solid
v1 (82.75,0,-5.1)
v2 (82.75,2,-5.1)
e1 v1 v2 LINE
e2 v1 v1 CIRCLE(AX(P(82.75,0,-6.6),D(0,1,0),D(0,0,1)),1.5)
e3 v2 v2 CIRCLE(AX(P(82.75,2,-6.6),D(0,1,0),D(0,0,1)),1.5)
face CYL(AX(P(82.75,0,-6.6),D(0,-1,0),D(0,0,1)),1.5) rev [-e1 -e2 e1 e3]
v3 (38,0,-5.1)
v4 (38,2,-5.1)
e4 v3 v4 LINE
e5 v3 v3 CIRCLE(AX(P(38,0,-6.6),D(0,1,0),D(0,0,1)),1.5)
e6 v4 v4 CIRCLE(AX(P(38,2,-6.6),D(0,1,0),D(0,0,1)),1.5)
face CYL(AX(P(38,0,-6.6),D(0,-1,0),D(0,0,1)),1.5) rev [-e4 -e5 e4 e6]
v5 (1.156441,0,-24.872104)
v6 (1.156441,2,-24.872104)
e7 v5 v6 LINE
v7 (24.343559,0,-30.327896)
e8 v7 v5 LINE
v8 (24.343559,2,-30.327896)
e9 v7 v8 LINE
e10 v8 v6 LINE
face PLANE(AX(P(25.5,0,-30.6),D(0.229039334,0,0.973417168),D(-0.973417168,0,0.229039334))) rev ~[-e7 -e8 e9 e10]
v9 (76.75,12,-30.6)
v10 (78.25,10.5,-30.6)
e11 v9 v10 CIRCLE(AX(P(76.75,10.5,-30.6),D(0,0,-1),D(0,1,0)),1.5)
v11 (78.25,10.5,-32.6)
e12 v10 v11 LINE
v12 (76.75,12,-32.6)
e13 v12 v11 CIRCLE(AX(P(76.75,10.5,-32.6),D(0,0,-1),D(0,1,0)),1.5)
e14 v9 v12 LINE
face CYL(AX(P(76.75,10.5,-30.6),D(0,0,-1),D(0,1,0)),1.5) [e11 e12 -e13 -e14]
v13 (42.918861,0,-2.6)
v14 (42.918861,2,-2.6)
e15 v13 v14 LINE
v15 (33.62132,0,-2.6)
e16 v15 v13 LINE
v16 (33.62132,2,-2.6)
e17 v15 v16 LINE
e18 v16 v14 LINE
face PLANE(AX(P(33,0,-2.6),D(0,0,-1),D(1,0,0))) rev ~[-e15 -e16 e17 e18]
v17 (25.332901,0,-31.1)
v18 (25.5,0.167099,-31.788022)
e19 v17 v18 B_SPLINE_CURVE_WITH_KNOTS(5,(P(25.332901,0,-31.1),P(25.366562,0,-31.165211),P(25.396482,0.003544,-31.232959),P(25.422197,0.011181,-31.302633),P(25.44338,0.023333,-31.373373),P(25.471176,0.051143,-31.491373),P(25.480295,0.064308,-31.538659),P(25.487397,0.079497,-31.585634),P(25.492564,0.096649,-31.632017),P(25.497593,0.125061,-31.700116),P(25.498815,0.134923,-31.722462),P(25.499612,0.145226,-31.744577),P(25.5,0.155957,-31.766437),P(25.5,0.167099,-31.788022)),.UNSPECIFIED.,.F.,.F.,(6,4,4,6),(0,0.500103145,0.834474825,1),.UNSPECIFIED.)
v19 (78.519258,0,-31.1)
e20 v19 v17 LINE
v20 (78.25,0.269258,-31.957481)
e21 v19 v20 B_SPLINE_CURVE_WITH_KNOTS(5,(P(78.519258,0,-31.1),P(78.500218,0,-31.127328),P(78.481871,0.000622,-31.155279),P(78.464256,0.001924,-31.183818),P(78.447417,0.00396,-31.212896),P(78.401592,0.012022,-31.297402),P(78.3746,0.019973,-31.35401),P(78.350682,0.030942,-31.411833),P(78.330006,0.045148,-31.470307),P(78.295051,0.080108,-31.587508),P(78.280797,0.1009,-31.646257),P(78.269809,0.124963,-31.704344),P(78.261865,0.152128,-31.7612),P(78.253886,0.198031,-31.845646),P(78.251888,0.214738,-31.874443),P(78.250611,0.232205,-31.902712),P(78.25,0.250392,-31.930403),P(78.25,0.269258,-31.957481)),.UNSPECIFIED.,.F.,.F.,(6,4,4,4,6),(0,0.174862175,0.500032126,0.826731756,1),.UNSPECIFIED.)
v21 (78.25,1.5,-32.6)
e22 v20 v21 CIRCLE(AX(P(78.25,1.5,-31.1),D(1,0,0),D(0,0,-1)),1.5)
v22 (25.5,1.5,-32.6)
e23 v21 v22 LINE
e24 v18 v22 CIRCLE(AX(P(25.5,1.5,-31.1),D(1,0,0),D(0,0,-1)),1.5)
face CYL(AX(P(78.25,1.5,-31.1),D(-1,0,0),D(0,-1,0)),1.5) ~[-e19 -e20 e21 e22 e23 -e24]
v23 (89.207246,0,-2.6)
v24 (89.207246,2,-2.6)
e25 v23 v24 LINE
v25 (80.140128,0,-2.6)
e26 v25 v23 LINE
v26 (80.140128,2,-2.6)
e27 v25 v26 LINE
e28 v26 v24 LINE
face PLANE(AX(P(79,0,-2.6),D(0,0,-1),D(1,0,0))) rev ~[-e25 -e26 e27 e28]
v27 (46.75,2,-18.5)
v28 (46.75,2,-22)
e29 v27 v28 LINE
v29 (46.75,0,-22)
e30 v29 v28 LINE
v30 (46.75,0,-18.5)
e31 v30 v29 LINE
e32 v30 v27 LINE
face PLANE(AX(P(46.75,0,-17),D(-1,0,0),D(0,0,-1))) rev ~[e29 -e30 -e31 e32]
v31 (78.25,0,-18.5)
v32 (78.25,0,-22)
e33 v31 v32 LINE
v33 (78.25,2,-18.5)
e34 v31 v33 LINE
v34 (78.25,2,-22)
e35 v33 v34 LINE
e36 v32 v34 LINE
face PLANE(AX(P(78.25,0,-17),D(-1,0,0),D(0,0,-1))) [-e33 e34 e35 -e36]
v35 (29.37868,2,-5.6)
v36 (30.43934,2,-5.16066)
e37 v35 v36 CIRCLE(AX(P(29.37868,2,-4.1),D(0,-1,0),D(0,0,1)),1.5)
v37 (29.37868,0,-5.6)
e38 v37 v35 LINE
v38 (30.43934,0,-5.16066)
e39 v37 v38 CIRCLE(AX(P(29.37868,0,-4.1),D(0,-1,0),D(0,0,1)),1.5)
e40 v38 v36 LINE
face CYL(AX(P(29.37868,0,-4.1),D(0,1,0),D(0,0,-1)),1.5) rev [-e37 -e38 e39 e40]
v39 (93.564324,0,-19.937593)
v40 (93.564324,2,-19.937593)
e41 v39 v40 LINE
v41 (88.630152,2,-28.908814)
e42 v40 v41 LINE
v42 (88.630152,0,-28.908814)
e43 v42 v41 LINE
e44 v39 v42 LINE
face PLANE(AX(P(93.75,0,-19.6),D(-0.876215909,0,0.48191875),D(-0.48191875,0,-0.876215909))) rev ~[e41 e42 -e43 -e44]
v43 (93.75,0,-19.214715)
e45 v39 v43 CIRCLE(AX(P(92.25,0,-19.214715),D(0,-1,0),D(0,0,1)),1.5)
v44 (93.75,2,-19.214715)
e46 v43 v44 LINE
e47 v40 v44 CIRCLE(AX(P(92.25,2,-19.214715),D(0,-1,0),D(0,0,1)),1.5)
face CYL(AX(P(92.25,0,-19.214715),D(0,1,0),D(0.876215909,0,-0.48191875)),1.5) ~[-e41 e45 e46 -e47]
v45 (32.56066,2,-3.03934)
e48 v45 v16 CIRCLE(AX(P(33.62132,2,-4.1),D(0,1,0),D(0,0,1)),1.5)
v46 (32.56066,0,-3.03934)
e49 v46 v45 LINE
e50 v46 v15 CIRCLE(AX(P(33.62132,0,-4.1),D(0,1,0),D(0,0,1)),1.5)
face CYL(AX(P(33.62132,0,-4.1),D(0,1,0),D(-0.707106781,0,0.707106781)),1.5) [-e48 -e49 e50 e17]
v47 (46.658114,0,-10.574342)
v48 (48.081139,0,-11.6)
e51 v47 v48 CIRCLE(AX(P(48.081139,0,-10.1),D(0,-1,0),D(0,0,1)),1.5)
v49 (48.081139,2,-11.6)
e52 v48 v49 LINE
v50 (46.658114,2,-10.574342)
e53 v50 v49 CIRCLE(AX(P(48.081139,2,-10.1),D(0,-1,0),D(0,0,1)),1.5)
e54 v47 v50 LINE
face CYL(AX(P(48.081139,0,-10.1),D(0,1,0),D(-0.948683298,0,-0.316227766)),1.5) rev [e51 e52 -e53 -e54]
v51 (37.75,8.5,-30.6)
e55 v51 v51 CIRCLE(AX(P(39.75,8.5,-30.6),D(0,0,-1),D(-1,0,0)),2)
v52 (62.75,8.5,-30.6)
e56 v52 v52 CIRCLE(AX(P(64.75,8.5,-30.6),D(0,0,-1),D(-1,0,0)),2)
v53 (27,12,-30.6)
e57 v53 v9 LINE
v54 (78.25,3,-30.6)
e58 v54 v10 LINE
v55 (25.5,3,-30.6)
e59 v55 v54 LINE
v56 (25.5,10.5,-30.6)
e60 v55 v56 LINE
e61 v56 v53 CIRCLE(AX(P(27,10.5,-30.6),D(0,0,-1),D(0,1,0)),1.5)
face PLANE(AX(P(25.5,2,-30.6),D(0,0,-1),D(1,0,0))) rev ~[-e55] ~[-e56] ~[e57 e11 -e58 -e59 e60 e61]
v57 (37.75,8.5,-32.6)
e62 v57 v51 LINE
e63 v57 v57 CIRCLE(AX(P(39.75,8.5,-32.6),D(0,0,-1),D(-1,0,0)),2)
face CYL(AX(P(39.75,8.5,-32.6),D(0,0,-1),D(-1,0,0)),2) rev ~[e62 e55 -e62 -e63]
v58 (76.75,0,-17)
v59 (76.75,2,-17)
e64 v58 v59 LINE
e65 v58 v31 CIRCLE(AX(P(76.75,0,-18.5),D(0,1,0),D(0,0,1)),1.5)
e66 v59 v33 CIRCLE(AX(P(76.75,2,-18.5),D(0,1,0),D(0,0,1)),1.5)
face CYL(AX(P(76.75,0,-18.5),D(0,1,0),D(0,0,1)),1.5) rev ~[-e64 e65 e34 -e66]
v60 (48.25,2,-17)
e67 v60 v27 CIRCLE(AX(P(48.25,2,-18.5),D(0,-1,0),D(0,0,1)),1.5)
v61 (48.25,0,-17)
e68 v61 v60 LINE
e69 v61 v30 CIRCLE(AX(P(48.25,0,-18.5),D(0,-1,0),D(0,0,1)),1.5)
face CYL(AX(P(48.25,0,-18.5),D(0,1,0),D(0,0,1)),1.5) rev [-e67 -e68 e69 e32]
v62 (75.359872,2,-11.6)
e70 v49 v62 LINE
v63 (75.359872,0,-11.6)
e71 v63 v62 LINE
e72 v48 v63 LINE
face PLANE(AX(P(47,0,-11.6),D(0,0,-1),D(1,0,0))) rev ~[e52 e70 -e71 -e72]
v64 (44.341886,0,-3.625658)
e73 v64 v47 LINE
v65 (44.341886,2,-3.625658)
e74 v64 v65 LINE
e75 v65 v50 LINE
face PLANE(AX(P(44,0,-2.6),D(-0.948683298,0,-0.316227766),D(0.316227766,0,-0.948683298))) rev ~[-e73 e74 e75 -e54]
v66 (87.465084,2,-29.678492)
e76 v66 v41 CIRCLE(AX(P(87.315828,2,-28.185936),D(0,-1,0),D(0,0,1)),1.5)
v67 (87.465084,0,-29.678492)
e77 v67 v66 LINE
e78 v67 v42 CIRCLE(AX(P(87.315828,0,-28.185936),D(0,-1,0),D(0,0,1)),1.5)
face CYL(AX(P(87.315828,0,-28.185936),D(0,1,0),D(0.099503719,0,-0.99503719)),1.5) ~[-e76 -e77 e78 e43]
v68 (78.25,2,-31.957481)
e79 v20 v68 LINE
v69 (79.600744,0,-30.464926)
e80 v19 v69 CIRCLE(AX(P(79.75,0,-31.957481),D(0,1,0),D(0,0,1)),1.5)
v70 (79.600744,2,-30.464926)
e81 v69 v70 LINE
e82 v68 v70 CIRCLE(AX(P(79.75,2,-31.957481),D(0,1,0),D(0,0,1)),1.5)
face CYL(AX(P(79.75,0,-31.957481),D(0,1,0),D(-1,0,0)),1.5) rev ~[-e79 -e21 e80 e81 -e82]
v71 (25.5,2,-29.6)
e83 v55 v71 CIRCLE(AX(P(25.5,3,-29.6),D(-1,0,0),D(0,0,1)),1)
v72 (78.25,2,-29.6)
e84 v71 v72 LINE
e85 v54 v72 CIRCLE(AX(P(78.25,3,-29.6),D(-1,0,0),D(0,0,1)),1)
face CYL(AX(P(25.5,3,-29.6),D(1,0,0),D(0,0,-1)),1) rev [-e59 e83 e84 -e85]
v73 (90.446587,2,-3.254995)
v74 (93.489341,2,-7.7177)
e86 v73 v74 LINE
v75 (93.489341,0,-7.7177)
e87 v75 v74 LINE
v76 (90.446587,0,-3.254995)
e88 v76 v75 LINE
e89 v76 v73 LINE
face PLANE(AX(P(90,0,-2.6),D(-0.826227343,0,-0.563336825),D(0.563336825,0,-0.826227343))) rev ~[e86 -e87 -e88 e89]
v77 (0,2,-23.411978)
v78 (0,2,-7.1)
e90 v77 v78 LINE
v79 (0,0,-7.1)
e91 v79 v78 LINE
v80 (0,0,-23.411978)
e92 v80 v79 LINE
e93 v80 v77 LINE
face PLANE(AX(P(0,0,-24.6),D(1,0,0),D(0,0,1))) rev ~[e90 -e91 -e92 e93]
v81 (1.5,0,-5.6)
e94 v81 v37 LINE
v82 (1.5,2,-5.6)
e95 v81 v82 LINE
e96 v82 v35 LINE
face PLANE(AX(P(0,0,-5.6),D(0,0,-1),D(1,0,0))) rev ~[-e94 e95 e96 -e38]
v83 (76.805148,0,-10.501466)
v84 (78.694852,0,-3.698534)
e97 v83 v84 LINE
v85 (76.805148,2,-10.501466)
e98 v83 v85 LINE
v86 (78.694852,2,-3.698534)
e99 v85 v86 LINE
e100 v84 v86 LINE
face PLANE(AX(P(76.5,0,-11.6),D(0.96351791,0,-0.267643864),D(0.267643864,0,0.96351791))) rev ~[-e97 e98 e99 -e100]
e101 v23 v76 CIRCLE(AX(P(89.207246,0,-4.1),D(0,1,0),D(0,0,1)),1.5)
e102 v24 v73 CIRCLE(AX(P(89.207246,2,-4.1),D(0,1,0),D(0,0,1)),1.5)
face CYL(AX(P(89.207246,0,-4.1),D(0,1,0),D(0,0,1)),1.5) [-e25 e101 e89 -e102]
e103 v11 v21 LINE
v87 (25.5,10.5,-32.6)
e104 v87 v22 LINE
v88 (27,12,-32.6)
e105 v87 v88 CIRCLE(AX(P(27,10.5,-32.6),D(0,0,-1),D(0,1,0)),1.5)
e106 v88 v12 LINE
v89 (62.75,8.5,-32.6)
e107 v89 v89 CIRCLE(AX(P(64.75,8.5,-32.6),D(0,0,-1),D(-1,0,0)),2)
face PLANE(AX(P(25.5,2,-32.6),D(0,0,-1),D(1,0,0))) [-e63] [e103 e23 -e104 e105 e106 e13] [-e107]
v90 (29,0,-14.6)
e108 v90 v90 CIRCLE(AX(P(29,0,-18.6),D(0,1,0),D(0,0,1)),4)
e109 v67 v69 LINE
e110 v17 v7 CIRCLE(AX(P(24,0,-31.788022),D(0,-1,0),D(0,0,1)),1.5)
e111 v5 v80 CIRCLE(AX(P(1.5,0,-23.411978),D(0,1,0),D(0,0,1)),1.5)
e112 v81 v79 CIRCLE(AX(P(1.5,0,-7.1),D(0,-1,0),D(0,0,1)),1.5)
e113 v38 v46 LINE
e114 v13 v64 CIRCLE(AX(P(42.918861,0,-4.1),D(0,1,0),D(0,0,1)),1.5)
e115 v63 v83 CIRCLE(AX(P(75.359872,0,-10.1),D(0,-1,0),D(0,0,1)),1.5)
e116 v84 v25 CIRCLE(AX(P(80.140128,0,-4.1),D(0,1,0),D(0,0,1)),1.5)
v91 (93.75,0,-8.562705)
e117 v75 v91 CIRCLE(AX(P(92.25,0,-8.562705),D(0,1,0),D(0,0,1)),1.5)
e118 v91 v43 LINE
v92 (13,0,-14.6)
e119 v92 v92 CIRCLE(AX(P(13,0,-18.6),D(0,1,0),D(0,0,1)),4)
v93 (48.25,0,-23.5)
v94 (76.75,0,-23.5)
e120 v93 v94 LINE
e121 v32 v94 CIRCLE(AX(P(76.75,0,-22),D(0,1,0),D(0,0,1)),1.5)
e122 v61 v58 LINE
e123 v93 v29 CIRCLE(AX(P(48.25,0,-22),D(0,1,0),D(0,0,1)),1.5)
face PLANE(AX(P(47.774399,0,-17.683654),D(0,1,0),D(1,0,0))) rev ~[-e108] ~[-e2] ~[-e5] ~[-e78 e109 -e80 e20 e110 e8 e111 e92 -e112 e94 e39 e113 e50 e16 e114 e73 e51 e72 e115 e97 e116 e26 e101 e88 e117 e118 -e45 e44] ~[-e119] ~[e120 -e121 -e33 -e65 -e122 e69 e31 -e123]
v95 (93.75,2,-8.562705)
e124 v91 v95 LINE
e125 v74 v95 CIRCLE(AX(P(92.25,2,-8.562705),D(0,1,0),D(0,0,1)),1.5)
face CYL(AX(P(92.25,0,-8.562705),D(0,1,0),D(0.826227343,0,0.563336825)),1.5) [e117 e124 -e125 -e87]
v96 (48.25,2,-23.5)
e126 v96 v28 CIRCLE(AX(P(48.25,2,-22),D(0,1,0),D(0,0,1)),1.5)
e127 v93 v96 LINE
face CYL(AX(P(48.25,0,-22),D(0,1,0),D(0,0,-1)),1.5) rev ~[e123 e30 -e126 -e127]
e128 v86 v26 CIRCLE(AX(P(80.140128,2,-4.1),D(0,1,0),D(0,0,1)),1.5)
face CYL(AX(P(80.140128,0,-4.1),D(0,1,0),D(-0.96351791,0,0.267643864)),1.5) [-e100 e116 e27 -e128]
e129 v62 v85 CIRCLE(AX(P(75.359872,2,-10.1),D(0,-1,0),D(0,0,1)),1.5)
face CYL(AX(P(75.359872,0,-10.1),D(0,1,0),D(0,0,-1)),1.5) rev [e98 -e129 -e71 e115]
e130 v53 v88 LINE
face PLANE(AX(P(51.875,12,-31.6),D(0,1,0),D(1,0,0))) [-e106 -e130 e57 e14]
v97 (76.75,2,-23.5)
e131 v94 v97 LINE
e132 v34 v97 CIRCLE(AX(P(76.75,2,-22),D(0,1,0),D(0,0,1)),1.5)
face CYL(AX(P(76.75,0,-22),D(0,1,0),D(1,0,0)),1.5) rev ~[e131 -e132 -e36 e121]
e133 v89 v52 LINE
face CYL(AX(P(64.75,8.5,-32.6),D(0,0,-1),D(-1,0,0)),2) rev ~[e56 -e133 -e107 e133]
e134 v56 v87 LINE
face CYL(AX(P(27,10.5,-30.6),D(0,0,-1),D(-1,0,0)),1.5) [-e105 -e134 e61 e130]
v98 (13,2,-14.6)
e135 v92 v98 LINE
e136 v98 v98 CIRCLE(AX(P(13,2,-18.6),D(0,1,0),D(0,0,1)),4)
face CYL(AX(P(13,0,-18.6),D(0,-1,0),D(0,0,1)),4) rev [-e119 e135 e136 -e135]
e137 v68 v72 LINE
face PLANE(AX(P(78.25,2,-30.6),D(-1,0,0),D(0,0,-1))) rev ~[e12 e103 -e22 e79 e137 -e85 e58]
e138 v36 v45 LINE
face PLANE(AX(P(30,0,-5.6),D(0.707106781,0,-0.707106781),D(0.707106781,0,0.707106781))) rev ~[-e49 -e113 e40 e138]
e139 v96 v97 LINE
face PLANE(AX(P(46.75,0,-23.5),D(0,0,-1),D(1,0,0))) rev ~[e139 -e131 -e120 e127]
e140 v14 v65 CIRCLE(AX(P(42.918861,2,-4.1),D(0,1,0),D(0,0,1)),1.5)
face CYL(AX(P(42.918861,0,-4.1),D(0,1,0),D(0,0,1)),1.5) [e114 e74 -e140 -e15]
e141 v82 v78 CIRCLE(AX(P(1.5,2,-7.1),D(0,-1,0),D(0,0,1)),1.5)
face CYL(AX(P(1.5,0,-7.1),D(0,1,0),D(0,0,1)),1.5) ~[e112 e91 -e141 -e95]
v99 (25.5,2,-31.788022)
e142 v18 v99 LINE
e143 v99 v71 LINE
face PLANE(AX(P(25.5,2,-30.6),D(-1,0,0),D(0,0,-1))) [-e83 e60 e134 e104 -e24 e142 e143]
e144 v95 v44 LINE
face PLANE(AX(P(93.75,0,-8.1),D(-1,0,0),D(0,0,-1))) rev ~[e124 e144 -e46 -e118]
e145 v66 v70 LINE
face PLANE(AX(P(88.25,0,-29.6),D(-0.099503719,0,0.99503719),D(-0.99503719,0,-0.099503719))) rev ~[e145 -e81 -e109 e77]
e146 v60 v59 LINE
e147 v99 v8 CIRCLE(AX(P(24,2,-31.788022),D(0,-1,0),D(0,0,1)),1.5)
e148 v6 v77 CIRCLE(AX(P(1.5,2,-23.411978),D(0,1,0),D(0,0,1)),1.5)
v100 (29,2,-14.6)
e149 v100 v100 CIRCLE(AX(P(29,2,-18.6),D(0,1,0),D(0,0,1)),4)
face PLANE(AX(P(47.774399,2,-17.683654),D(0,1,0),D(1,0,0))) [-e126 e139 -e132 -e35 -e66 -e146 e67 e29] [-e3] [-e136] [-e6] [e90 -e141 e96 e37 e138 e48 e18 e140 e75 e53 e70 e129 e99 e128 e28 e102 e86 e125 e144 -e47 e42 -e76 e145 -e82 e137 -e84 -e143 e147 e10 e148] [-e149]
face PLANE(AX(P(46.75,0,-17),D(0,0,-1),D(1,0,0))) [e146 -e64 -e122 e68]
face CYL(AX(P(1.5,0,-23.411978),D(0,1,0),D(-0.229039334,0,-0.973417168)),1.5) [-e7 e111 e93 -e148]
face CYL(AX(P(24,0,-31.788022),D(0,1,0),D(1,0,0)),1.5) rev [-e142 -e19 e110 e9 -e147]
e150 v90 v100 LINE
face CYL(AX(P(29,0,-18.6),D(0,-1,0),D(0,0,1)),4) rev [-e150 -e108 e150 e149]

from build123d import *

# Parameters (mm, degrees)
SKETCH1_R           = 1.5
SKETCH1_R_2         = 4
SKETCH1_W           = 31.5
SKETCH1_H           = 6.5
BOSS_EXTRUDE1_DEPTH = 2
SKETCH2_W           = 52.75
SKETCH2_H           = 2
BOSS_EXTRUDE2_DEPTH = 10
SKETCH3_R           = 2
CUT_EXTRUDE1_DEPTH  = 100.1617996
FILLET1_R           = 1.5
FILLET2_R           = 1
FILLET3_R           = 1.5


with BuildPart() as part:
    # Sketch1 → Boss-Extrude1 (new body)
    with BuildSketch(Plane(origin=(0, 0, 0), x_dir=(1, 0, 0), z_dir=(0, 1, 0))):
        Polygon((0, 5.6), (30, 5.6), (33, 2.6), (44, 2.6), (47, 11.6), (76.5, 11.6), (79, 2.6), (90, 2.6), (93.75, 8.1), (93.75, 19.6), (88.25, 29.6), (78.25, 30.6), (78.25, 32.6), (25.5, 32.6), (25.5, 30.6), (0, 24.6), align=None)
        with Locations(Location((82.75, 6.6, 0), (0, 0, 270))):
            Circle(SKETCH1_R, mode=Mode.SUBTRACT)
        with Locations(Location((38, 6.6, 0), (0, 0, 270))):
            Circle(SKETCH1_R, mode=Mode.SUBTRACT)
        with Locations(Location((13, 18.6, 0), (0, 0, 270))):
            Circle(SKETCH1_R_2, mode=Mode.SUBTRACT)
        with Locations(Location((29, 18.6, 0), (0, 0, 270))):
            Circle(SKETCH1_R_2, mode=Mode.SUBTRACT)
        with Locations((62.5, 20.25)):
            Rectangle(SKETCH1_W, SKETCH1_H, mode=Mode.SUBTRACT)
    extrude(amount=BOSS_EXTRUDE1_DEPTH)

    # Sketch2 → Boss-Extrude2 (add)
    with BuildSketch(Plane(origin=(0, 2, 0), x_dir=(1, 0, 0), z_dir=(0, 1, 0))):
        with Locations((51.875, 31.6)):
            Rectangle(SKETCH2_W, SKETCH2_H)
    extrude(amount=BOSS_EXTRUDE2_DEPTH)

    # Sketch3 → Cut-Extrude1 (cut, through all)
    with BuildSketch(Plane(origin=(0, 0, -32.6), x_dir=(-1, 0, 0), z_dir=(0, 0, -1))):
        with Locations((-64.75, 8.5)):
            Circle(SKETCH3_R)
        with Locations((-39.75, 8.5)):
            Circle(SKETCH3_R)
    extrude(amount=-CUT_EXTRUDE1_DEPTH, mode=Mode.SUBTRACT)

    # Fillet1
    fillet1_edges = [part.edges().sort_by_distance(p)[0] for p in [
        (46.75, 1, -17),
        (46.75, 1, -23.5),
        (0, 1, -24.6),
        (25.5, 1, -30.6),
        (25.5, 12, -31.6),
        (78.25, 1, -17),
        (78.25, 1, -23.5),
        (0, 1, -5.6),
        (30, 1, -5.6),
        (33, 1, -2.6),
        (44, 1, -2.6),
        (47, 1, -11.6),
        (76.5, 1, -11.6),
        (79, 1, -2.6),
        (90, 1, -2.6),
        (93.75, 1, -8.1),
        (93.75, 1, -19.6),
        (88.25, 1, -29.6),
        (78.25, 1, -30.6),
        (78.25, 12, -31.6),
    ]]
    fillet(fillet1_edges, radius=FILLET1_R)

    # Fillet2
    fillet2_edges = [part.edges().sort_by_distance(p)[0] for p in [
        (51.875, 2, -30.6),
    ]]
    fillet(fillet2_edges, radius=FILLET2_R)

    # Fillet3
    fillet3_edges = [part.edges().sort_by_distance(p)[0] for p in [
        (51.875, 0, -32.6),
    ]]
    fillet(fillet3_edges, radius=FILLET3_R)


solid = part.part
